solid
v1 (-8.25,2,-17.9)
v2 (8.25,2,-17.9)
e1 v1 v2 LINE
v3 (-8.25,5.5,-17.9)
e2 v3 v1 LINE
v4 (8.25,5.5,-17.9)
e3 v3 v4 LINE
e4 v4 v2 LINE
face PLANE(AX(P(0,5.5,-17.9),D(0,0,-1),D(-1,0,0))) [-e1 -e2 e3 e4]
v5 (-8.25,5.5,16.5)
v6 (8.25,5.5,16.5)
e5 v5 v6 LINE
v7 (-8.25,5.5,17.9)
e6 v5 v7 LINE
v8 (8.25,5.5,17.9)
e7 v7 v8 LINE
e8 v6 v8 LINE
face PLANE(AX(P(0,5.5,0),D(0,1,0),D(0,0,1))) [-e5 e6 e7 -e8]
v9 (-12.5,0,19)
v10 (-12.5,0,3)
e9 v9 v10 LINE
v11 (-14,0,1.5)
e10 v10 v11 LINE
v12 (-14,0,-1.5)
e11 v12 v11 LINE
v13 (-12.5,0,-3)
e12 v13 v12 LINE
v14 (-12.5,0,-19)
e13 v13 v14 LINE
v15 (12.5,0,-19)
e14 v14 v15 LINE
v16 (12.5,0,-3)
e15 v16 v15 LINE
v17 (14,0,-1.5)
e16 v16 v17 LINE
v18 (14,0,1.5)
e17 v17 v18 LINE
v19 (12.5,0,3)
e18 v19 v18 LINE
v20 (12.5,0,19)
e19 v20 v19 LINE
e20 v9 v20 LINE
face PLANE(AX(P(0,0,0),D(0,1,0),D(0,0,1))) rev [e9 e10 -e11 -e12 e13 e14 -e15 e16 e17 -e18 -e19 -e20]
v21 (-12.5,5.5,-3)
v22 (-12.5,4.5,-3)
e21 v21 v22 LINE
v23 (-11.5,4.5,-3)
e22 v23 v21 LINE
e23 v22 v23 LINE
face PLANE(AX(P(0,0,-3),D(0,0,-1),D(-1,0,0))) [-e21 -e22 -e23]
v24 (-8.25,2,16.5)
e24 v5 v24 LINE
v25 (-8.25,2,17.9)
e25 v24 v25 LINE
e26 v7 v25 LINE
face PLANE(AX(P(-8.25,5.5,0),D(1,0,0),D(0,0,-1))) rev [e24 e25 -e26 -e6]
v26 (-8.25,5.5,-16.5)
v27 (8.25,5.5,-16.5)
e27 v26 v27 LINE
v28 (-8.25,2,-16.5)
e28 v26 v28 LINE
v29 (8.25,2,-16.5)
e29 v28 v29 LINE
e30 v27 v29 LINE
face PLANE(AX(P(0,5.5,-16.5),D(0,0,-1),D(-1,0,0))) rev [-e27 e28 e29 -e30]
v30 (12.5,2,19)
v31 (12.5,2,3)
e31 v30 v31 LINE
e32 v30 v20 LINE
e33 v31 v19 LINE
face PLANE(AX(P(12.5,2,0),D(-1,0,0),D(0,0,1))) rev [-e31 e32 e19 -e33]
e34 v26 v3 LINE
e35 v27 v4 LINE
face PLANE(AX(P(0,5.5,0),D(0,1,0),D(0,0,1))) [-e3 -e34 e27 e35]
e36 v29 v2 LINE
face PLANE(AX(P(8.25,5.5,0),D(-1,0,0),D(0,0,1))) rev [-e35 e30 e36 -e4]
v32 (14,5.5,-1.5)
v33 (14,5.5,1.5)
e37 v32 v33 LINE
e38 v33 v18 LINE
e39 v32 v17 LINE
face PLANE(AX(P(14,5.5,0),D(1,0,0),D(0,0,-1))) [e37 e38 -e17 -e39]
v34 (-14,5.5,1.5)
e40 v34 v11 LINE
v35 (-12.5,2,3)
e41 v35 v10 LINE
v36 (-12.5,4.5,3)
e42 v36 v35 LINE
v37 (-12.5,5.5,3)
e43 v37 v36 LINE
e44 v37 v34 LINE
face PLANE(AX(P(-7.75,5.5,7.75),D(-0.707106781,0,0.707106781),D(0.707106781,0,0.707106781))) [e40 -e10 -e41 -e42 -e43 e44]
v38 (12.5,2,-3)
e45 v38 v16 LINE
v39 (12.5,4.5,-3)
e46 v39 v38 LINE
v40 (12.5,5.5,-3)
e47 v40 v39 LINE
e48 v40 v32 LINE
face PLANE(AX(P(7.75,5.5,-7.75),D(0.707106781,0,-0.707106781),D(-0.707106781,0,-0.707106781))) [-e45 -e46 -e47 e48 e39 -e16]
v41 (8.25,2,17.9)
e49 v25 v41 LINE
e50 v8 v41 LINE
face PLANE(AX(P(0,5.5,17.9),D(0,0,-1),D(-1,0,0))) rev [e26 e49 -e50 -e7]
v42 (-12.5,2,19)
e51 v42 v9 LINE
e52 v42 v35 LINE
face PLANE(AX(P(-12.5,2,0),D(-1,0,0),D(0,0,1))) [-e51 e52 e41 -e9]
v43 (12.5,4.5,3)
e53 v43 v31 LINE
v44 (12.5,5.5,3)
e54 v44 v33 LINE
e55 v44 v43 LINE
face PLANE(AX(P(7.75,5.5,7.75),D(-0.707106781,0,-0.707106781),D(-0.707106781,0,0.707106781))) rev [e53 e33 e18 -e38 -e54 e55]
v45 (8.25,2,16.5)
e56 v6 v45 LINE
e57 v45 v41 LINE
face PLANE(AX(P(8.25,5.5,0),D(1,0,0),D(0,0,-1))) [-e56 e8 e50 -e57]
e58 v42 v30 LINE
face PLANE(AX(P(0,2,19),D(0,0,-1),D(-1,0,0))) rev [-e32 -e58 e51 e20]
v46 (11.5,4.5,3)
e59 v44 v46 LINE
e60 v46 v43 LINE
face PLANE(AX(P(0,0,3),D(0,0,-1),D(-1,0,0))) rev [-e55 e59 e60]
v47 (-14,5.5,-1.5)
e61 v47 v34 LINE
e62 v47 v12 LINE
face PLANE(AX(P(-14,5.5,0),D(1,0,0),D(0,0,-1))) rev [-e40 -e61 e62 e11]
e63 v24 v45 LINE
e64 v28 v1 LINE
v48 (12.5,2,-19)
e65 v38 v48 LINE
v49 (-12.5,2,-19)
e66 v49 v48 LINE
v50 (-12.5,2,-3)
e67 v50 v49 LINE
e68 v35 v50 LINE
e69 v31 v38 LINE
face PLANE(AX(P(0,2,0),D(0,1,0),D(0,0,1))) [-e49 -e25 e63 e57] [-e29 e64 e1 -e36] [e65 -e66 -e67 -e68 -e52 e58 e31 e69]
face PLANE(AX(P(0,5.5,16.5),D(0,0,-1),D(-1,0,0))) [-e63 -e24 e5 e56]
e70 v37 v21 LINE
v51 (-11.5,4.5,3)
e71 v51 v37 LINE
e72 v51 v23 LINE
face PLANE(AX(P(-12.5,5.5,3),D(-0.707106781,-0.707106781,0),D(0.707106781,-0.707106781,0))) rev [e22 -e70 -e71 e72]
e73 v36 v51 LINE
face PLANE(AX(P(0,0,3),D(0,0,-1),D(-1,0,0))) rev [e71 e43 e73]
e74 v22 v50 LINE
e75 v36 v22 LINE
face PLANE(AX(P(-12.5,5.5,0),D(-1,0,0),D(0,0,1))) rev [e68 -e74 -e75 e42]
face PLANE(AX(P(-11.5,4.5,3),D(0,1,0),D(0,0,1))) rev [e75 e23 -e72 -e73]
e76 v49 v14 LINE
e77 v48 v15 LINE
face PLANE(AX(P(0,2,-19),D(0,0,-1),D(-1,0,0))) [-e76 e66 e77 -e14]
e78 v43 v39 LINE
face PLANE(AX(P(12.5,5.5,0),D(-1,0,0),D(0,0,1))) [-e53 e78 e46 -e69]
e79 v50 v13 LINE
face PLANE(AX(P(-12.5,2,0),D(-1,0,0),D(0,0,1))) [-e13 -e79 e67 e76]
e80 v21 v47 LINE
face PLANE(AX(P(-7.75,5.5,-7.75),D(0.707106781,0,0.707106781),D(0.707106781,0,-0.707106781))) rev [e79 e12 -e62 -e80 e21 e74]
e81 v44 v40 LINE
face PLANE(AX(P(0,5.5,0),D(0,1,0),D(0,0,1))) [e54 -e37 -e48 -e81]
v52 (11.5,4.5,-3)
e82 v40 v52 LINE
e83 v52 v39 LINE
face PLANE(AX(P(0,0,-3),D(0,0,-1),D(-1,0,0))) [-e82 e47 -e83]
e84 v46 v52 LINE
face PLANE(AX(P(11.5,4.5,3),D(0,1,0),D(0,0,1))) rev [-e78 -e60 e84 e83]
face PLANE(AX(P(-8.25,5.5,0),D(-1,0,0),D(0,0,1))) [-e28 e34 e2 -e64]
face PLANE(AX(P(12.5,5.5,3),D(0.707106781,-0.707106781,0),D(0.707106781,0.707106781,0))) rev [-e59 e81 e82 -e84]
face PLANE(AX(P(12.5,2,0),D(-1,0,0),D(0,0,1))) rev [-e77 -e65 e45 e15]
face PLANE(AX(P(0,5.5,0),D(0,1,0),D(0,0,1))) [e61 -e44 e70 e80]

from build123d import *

# Parameters (mm, degrees)
SKETCH1_W                = 25
SKETCH1_H                = 38
SKETCH1_W_2              = 16.5
SKETCH1_H_2              = 1.4
BOSS_EXTRUDE1_DEPTH      = 2
SKETCH1_3_W              = 16.5
SKETCH1_3_H              = 1.4
BOSS_EXTRUDE2_DEPTH      = 5.5
BOSS_EXTRUDE3_DEPTH      = 3
BOSS_EXTRUDE3_DEPTH_BACK = 3


with BuildPart() as part:
    # Sketch1 → Boss-Extrude1 (new body)
    with BuildSketch(Plane(origin=(0, 0, 0), x_dir=(1, 0, 0), z_dir=(0, 1, 0))):
        Rectangle(SKETCH1_W, SKETCH1_H)
        with Locations((0, -17.2)):
            Rectangle(SKETCH1_W_2, SKETCH1_H_2, mode=Mode.SUBTRACT)
        with Locations((0, 17.2)):
            Rectangle(SKETCH1_W_2, SKETCH1_H_2, mode=Mode.SUBTRACT)
    extrude(amount=BOSS_EXTRUDE1_DEPTH)

    # Sketch1<3> → Boss-Extrude2 (add)
    with BuildSketch(Plane(origin=(0, 0, 0), x_dir=(1, 0, 0), z_dir=(0, 1, 0))):
        Polygon((-14, -1.5), (-12.5, -3), (-12.5, 3), (-14, 1.5), align=None)
        Polygon((12.5, 3), (12.5, -3), (14, -1.5), (14, 1.5), align=None)
        with Locations((0, 17.2)):
            Rectangle(SKETCH1_3_W, SKETCH1_3_H)
        with Locations((0, -17.2)):
            Rectangle(SKETCH1_3_W, SKETCH1_3_H)
    extrude(amount=BOSS_EXTRUDE2_DEPTH)

    # Sketch2 → Boss-Extrude3 (add, two sides: drawn at the far end of the back side and taken through both)
    with BuildSketch(Plane.XY.offset(-BOSS_EXTRUDE3_DEPTH_BACK)):
        Polygon((12.5, 5.5), (11.5, 4.5), (12.5, 4.5), align=None)
        Polygon((-11.5, 4.5), (-12.5, 4.5), (-12.5, 5.5), align=None)
    extrude(amount=BOSS_EXTRUDE3_DEPTH + BOSS_EXTRUDE3_DEPTH_BACK)


solid = part.part
